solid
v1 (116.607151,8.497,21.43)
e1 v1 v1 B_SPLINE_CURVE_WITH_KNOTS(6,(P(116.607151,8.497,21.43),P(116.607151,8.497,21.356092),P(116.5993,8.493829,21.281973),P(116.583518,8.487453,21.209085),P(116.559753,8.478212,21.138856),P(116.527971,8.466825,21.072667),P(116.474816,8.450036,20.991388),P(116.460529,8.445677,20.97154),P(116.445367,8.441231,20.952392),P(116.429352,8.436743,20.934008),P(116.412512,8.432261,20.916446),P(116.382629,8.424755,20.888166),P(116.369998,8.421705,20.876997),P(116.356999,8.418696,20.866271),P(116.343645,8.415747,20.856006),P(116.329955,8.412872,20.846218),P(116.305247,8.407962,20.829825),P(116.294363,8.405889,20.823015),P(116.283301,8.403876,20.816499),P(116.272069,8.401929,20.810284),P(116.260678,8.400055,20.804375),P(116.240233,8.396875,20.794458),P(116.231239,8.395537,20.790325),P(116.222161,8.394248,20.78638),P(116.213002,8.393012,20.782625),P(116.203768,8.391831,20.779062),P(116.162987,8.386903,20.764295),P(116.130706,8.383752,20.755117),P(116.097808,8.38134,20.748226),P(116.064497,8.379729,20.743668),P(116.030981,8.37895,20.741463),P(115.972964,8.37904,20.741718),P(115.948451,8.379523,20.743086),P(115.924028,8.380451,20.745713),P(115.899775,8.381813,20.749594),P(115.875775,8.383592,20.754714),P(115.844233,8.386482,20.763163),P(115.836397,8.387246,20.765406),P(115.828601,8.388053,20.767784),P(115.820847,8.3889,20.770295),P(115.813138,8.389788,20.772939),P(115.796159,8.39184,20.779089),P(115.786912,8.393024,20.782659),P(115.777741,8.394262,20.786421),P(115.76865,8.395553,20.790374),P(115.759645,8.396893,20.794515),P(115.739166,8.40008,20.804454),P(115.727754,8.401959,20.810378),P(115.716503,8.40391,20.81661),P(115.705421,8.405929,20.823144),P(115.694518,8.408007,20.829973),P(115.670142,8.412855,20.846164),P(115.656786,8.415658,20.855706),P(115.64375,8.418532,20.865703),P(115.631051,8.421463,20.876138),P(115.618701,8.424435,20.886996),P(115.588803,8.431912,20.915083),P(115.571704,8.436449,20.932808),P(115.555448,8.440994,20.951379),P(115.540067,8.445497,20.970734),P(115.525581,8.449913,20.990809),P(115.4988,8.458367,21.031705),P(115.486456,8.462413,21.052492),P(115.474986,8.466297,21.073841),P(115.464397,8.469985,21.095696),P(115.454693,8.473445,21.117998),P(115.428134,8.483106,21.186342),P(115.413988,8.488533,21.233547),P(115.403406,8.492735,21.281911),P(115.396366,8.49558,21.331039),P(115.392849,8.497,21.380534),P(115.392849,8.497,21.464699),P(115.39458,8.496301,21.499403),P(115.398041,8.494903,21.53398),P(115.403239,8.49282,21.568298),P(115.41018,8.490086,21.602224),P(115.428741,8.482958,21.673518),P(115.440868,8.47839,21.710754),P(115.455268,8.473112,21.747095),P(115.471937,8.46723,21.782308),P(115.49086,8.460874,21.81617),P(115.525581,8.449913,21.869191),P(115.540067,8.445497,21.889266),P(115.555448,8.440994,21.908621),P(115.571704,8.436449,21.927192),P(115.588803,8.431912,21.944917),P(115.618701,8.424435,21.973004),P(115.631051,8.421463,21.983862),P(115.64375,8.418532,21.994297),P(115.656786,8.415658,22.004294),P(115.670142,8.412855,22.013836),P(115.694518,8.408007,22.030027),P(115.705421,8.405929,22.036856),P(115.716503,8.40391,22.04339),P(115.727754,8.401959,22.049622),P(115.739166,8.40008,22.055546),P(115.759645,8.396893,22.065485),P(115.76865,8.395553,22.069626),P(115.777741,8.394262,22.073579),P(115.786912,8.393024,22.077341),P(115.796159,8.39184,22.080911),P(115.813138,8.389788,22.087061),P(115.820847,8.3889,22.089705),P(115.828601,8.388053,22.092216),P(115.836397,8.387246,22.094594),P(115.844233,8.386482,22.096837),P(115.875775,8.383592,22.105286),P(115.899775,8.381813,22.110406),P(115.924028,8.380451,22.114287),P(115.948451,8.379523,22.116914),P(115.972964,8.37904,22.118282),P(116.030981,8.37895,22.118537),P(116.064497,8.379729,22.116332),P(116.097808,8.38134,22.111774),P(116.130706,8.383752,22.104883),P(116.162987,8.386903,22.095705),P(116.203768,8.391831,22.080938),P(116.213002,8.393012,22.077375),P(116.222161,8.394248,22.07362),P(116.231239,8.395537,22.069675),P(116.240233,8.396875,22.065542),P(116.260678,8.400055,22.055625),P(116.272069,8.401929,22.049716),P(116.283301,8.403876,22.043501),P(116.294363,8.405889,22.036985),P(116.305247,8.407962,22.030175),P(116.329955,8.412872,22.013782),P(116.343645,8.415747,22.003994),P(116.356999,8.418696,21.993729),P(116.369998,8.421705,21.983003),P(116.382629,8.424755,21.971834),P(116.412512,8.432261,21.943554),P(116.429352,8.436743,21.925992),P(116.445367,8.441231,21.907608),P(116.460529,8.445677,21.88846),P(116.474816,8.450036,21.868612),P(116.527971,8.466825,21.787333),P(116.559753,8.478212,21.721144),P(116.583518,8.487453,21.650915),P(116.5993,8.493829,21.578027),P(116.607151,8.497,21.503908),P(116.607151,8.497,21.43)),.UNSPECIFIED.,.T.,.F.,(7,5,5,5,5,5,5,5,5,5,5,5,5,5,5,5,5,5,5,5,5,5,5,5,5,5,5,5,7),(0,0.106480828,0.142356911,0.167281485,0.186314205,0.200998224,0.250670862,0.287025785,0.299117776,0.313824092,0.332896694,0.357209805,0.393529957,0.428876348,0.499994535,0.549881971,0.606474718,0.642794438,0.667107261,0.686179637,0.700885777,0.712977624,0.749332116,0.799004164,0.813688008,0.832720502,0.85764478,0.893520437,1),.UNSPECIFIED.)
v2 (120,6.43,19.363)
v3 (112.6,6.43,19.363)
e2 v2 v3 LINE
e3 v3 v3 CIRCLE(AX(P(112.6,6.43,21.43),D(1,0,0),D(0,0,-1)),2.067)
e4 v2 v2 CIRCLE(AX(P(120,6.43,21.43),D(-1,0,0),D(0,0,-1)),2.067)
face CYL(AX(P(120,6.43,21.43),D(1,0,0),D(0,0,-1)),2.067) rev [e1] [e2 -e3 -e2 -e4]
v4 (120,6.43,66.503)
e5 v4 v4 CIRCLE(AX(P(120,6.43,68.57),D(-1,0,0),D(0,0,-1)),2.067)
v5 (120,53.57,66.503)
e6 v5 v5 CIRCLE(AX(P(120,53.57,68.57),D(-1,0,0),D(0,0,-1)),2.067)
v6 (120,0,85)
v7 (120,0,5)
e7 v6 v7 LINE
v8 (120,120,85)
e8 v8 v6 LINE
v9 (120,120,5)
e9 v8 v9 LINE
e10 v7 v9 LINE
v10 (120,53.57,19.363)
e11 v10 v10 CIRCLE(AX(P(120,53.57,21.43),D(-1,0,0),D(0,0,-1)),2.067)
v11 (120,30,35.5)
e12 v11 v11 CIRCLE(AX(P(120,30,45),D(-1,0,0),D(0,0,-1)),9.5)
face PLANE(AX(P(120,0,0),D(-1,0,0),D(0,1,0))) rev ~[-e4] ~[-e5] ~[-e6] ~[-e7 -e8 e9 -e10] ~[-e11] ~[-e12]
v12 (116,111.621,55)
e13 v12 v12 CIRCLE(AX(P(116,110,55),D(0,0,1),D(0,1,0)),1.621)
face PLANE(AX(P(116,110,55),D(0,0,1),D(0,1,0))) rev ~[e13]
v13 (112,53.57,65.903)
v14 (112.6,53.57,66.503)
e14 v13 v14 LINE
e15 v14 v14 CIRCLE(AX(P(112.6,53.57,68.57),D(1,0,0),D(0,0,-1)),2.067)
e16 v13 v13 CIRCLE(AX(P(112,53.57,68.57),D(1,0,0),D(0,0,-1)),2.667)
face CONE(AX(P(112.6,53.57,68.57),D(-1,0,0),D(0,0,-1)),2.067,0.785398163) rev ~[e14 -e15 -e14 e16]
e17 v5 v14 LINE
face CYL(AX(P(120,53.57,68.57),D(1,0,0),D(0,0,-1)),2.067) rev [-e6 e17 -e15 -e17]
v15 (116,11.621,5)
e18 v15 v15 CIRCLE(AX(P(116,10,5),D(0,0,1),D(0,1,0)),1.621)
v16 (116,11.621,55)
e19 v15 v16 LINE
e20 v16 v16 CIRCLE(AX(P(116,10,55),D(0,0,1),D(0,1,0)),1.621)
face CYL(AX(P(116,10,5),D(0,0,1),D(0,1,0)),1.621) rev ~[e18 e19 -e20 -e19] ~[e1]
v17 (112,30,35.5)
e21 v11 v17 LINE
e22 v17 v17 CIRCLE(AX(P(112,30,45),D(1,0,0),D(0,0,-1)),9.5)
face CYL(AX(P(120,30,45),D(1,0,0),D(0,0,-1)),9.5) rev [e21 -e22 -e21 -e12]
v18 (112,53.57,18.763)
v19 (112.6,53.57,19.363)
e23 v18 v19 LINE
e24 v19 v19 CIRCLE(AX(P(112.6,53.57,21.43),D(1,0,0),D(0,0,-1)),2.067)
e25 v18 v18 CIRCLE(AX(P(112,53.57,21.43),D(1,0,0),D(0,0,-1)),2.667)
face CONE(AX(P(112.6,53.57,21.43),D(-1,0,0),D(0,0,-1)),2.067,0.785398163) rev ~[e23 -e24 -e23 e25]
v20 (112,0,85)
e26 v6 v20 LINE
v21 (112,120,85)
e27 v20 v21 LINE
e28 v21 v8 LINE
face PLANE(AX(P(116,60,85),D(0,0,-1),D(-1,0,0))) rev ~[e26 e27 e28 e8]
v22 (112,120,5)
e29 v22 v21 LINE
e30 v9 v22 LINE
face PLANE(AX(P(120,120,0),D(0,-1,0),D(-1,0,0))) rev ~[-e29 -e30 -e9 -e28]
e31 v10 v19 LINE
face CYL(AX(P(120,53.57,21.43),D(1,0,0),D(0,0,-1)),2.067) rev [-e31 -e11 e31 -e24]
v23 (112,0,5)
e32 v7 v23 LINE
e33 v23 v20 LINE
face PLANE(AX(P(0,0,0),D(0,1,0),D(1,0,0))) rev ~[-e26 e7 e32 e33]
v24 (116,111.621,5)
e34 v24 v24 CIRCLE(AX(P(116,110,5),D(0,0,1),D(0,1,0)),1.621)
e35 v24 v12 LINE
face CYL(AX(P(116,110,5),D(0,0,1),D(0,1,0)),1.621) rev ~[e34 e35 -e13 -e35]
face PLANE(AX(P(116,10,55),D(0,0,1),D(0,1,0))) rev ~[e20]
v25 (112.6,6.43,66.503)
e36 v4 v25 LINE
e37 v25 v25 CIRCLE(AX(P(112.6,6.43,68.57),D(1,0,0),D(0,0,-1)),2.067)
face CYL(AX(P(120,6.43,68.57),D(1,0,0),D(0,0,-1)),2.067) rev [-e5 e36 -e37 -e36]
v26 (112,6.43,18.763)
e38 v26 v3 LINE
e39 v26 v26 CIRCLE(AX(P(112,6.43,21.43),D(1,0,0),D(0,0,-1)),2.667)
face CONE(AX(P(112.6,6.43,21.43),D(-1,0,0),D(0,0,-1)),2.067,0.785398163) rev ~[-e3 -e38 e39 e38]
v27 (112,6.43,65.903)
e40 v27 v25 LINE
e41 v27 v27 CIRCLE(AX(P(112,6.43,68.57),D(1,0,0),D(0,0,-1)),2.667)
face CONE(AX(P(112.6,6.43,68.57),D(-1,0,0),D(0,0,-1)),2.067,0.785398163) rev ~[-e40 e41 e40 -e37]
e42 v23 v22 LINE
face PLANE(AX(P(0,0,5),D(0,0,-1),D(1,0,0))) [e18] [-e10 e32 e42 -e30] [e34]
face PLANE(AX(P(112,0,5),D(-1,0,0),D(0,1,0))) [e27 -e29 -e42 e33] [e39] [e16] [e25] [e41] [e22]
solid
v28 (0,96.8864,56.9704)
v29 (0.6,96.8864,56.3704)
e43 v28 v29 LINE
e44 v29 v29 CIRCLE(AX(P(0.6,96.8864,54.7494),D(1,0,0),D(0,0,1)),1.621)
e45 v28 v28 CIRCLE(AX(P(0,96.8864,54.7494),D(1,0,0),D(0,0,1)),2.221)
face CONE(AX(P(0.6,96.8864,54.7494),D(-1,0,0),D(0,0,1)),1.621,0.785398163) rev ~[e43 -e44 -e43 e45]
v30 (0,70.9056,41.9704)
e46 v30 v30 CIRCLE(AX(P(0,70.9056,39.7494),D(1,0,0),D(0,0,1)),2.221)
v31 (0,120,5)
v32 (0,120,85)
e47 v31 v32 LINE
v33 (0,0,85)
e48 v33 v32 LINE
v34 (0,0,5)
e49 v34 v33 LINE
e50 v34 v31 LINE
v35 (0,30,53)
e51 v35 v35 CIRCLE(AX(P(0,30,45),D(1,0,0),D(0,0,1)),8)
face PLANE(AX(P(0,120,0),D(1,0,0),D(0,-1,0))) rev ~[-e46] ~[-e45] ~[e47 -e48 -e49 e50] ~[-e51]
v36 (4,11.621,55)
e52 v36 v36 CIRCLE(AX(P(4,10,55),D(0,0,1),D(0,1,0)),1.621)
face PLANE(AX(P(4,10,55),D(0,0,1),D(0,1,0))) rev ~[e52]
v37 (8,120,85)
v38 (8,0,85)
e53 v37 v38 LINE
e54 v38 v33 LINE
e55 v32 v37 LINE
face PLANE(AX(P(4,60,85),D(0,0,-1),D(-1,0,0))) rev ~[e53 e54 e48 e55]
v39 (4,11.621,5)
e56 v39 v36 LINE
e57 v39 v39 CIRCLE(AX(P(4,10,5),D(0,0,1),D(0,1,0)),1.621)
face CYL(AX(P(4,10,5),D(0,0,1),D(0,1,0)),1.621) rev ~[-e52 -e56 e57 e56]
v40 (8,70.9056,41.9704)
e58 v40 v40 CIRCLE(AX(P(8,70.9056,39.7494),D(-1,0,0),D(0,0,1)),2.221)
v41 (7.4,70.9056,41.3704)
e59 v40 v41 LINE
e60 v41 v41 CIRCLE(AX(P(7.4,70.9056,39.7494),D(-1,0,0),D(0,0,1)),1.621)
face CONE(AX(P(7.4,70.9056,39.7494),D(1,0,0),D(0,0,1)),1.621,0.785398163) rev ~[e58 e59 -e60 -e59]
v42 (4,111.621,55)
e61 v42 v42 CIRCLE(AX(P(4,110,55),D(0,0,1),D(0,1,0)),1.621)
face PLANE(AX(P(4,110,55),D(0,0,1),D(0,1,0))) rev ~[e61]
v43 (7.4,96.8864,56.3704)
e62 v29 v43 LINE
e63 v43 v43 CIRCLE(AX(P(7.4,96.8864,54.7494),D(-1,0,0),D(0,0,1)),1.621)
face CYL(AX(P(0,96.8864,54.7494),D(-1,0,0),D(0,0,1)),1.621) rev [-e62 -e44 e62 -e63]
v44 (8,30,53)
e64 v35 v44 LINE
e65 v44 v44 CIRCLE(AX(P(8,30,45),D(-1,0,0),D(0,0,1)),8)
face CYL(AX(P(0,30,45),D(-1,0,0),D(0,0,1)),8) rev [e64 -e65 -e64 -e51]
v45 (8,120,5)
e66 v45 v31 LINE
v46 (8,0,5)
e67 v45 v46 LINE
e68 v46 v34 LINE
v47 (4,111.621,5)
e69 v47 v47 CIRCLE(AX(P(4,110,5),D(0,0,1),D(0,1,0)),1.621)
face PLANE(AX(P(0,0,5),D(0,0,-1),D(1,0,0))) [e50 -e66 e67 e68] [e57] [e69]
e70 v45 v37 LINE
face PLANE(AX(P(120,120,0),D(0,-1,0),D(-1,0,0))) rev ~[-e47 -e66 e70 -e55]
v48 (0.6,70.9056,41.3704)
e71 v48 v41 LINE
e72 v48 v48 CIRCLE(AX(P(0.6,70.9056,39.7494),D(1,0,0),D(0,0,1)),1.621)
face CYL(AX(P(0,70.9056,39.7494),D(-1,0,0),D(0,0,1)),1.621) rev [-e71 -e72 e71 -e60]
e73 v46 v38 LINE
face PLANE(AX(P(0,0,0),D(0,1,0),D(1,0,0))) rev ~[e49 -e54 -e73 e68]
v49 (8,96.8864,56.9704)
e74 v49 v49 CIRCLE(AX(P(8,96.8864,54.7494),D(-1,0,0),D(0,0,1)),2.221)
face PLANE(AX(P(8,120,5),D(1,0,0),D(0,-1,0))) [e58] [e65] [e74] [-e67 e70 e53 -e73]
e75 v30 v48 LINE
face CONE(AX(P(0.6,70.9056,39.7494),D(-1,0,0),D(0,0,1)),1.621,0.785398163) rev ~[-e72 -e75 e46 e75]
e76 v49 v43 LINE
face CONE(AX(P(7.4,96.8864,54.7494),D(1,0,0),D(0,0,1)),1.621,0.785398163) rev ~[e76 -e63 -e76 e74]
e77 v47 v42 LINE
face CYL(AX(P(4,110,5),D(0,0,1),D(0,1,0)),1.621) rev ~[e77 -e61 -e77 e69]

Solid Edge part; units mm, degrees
sketch "Sketch1" plane through (0, 0, 0) normal (0, 0, 1) x (1, 0, 0)
  line L0 (120, 120) -> (0, 120)
  line L1 (0, 120) -> (0, 0)
  line L2 (0, 0) -> (120, 0)
  line L3 (120, 0) -> (120, 120)
extrude "Protrusion1" add sketch "Sketch1" along normal blind 5
sketch "Sketch2" plane through (60, 20, 5) normal (0, 0, 1) x (1, 0, 0)
  line L0 (52, -20) -> (52, 100)
  line L1 (52, 100) -> (60, 100)
  line L2 (60, 100) -> (60, -20)
  line L3 (60, -20) -> (52, -20)
  line L4 (-52, 100) -> (-52, -20)
  line L5 (-52, -20) -> (-60, -20)
  line L6 (-60, -20) -> (-60, 100)
  line L7 (-60, 100) -> (-52, 100)
  dimension "D1" = 8
  dimension "D2" = 8
extrude "Extrusionsausprägung_2" add sketch "Sketch2" along normal blind 80
hole "Bohrung_1" at (120, 30, 45) direction (-1, 0, 0) diameter 19 end up to next
hole "Hole_2" at (20, 20, 5) direction (0, 0, -1) diameter 4.2 end up to next start chamfer 0.6 start chamfer angle 45
hole "Hole1" at (20, 110, 5) direction (0, 0, -1) diameter 4.2 end up to next start chamfer 0.6 start chamfer angle 45
hole "Hole2" at (40, 110, 5) direction (0, 0, -1) diameter 4.2 end up to next start chamfer 0.6 start chamfer angle 45
hole "Hole3" at (40, 20, 5) direction (0, 0, -1) diameter 4.2 end up to next start chamfer 0.6 start chamfer angle 45
hole "Hole4" at (0, 30, 45) direction (1, 0, 0) diameter 16 end up to next
sketch "Sketch3" plane through (60, 0, 42.5) normal (0, -1, 0) x (1, 0, 0)
  line L0 (-60, -42.5) -> (-60, -37.5)
  line L1 (-60, -37.5) -> (60, -37.5)
  line L2 (60, -37.5) -> (60, -42.5)
  line L3 (60, -42.5) -> (-60, -42.5)
extrude "Cutout1" cut sketch "Sketch3" against normal up to next
hole "Hole_17" at (120, 6.43, 21.43) direction (-1, 0, 0) diameter 4.134 end up to next end chamfer 0.6 end chamfer angle 45 thread major 5 thread length 2
hole "Hole5" at (120, 53.57, 21.43) direction (-1, 0, 0) diameter 4.134 end up to next end chamfer 0.6 end chamfer angle 45 thread major 5 thread length 2
hole "Hole6" at (120, 53.57, 68.57) direction (-1, 0, 0) diameter 4.134 end up to next end chamfer 0.6 end chamfer angle 45 thread major 5 thread length 2
hole "Hole7" at (120, 6.43, 68.57) direction (-1, 0, 0) diameter 4.134 end up to next end chamfer 0.6 end chamfer angle 45 thread major 5 thread length 2
hole "Hole_21" at (4, 10, 5) direction (0, 0, 1) diameter 3.242 depth 50 thread major 4 thread length 2
hole "Hole8" at (4, 110, 5) direction (0, 0, 1) diameter 3.242 depth 50 thread major 4 thread length 2
hole "Hole9" at (116, 10, 5) direction (0, 0, 1) diameter 3.242 depth 50 thread major 4 thread length 2
hole "Hole10" at (116, 110, 5) direction (0, 0, 1) diameter 3.242 depth 50 thread major 4 thread length 2
hole "Hole_27" at (0, 70.9056, 39.7494) direction (1, 0, 0) diameter 3.242 end up to next start chamfer 0.6 start chamfer angle 45 end chamfer 0.6 end chamfer angle 45 thread major 4 thread length 2
hole "Hole11" at (0, 96.8864, 54.7494) direction (1, 0, 0) diameter 3.242 end up to next start chamfer 0.6 start chamfer angle 45 end chamfer 0.6 end chamfer angle 45 thread major 4 thread length 2
